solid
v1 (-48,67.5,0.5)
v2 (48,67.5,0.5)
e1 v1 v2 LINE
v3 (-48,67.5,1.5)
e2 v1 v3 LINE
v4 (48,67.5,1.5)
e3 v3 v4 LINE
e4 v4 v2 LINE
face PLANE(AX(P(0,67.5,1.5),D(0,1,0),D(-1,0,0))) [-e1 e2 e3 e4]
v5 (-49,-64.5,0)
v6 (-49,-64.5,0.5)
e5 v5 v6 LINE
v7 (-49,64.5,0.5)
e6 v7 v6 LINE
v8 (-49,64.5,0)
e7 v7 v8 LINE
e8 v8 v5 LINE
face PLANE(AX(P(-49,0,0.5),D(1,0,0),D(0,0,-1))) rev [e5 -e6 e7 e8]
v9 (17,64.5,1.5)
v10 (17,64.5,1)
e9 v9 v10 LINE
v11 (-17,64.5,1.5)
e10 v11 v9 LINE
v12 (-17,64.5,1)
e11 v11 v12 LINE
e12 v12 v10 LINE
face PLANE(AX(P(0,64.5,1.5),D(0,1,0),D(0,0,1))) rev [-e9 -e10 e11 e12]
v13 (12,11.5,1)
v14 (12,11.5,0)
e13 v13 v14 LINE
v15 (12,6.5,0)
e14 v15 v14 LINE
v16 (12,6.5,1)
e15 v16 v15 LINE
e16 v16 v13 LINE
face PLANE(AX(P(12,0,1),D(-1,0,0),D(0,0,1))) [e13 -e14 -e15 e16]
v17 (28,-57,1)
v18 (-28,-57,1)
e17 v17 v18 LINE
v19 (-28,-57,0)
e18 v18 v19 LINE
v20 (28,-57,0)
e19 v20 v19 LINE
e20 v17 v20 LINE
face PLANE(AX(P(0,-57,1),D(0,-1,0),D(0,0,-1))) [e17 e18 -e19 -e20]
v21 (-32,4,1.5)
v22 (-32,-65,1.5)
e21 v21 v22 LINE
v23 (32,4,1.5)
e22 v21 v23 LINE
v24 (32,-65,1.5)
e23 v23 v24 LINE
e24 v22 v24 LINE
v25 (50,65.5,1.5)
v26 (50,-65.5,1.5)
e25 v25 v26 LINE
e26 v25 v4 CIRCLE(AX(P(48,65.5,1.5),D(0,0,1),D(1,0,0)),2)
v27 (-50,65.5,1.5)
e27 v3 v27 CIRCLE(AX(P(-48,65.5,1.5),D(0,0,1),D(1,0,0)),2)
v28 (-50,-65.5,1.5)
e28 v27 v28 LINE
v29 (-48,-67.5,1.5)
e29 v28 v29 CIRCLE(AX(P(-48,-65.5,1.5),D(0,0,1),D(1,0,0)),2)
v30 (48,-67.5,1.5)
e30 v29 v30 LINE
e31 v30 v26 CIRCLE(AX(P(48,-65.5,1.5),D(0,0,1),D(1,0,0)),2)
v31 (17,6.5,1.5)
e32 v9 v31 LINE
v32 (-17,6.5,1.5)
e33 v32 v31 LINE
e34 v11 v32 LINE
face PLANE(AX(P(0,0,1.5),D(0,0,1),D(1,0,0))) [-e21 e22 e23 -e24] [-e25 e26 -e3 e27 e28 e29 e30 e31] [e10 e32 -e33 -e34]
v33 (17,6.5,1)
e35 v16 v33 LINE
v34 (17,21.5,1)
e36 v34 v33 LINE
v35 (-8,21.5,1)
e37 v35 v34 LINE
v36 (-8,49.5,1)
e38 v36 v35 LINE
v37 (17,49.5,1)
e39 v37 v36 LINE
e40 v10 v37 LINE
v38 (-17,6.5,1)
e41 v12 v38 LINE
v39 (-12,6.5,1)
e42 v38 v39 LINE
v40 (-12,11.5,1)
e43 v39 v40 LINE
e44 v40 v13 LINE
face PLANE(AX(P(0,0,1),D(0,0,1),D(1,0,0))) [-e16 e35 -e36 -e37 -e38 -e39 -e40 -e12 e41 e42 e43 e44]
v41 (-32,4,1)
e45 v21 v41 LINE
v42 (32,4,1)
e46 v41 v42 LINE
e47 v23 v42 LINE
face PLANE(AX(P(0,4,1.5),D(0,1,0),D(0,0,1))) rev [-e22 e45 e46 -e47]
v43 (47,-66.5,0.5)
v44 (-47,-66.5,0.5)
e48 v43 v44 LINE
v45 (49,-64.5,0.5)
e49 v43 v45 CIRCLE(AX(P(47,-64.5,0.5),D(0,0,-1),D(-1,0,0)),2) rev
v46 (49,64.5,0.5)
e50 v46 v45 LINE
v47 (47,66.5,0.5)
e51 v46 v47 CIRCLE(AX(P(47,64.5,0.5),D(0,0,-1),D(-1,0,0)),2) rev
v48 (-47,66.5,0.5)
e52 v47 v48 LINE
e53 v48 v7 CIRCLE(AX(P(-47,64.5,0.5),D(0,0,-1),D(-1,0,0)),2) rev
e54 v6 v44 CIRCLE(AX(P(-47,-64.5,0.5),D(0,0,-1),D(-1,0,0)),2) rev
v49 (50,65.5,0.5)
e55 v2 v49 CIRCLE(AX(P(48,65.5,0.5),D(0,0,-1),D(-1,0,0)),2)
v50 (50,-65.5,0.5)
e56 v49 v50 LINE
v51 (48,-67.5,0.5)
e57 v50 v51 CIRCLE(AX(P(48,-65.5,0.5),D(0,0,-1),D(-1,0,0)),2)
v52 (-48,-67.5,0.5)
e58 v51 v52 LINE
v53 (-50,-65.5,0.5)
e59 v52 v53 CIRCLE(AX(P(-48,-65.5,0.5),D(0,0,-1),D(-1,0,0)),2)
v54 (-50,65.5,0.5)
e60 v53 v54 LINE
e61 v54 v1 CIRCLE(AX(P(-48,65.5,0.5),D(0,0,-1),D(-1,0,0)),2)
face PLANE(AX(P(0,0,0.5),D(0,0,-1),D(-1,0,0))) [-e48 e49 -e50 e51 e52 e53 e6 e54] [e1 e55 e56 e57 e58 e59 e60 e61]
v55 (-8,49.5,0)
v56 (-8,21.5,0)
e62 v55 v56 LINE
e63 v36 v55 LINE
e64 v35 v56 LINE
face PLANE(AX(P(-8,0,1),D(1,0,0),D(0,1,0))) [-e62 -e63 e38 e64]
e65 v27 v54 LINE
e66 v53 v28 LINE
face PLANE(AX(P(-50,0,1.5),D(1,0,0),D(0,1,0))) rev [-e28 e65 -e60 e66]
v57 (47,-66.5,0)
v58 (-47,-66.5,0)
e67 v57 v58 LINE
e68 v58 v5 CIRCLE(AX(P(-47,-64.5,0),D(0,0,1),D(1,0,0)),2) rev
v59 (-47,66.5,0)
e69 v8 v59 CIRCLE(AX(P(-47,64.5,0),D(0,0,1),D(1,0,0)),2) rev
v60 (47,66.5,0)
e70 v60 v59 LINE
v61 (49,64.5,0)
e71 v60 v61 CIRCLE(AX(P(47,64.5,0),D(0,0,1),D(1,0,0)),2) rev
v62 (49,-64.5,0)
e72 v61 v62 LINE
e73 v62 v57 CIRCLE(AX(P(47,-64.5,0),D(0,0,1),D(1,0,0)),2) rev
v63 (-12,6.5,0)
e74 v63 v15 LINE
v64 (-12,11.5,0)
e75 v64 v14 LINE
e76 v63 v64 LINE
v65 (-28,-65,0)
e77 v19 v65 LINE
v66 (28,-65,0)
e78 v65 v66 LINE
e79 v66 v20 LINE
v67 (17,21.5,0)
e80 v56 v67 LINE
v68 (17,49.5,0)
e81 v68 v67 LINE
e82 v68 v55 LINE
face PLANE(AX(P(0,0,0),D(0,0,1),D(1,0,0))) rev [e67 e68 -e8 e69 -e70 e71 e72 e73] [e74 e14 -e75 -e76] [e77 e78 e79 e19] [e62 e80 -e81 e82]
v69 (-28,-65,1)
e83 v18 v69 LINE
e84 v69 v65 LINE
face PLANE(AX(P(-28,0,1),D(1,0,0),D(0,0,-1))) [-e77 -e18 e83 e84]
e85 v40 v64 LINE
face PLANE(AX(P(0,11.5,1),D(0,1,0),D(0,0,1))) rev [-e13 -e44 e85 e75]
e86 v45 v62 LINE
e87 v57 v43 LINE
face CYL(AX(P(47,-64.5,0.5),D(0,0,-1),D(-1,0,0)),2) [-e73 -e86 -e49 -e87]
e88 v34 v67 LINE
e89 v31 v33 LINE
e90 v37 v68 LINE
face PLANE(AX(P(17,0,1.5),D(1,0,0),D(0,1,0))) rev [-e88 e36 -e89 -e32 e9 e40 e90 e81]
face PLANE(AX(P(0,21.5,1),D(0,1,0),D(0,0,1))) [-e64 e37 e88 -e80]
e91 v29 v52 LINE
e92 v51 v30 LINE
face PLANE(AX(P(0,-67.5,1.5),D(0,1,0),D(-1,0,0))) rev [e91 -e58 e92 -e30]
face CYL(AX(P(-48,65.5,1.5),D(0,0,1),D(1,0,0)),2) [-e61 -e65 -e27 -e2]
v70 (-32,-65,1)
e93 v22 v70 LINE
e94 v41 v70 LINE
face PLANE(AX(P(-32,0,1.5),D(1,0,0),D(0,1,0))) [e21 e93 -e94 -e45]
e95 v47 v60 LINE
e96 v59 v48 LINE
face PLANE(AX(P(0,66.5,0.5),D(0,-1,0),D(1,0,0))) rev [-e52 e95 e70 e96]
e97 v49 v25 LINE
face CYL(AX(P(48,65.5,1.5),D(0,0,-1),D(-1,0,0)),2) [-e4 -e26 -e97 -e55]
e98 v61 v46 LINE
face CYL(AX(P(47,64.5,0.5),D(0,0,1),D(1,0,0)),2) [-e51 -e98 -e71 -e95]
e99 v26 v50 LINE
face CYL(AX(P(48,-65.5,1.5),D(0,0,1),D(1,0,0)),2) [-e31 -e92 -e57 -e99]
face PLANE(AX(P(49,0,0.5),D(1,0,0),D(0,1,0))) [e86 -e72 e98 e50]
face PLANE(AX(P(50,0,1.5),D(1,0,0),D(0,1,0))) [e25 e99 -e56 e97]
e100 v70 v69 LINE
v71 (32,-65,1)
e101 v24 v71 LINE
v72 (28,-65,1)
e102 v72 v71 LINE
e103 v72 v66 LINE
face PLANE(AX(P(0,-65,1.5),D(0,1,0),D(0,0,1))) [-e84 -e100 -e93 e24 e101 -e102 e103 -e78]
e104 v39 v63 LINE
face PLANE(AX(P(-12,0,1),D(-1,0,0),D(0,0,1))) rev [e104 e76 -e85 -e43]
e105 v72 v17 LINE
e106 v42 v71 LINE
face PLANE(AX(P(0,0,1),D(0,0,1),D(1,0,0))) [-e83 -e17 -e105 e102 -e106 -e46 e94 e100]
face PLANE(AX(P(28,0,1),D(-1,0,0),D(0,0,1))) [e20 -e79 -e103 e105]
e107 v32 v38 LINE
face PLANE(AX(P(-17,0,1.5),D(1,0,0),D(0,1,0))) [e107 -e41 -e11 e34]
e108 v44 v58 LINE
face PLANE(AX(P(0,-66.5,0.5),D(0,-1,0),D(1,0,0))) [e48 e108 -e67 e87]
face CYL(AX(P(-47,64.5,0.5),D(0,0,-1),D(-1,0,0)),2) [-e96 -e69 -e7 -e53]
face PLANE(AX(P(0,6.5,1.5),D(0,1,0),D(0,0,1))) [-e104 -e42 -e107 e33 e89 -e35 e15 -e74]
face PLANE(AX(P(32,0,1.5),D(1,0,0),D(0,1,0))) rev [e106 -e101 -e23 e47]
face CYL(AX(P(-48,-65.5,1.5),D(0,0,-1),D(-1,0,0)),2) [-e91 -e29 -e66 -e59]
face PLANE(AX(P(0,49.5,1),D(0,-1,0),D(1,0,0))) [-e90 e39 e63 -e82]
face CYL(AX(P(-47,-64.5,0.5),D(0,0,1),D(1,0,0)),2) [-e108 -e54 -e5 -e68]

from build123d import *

# Parameters (mm, degrees)
BOSS_EXTRUDE2_DEPTH = 1.5
BOSS_EXTRUDE3_DEPTH = 1
FILLET1_R           = 2
CUT_EXTRUDE1_START  = -0.5
SKETCH2_W           = 98
SKETCH2_H           = 133
CUT_EXTRUDE1_DEPTH  = 0.5
FILLET2_R           = 2


with BuildPart() as part:
    # Sketch1 → Boss-Extrude2 (new body)
    with BuildSketch(Plane.XY):
        Polygon((-50, -67.5), (0, -67.5), (50, -67.5), (50, 67.5), (0, 67.5), (-50, 67.5), align=None)
        Polygon((28, -65), (0, -65), (-28, -65), (-32, -65), (-32, 4), (32, 4), (32, -65), align=None, mode=Mode.SUBTRACT)
        Polygon((-17, 64.5), (0, 64.5), (17, 64.5), (17, 49.5), (17, 21.5), (17, 6.5), (12, 6.5), (0, 6.5), (-12, 6.5), (-17, 6.5), align=None, mode=Mode.SUBTRACT)
    extrude(amount=BOSS_EXTRUDE2_DEPTH)

    # Sketch1<5> → Boss-Extrude3 (add)
    with BuildSketch(Plane.XY):
        Polygon((17, 64.5), (-17, 64.5), (-17, 6.5), (-12, 6.5), (-12, 11.5), (12, 11.5), (12, 6.5), (17, 6.5), (17, 21.5), (-8, 21.5), (-8, 49.5), (17, 49.5), align=None)
        Polygon((-28, -57), (0, -57), (28, -57), (28, -65), (32, -65), (32, 4), (-32, 4), (-32, -65), (-28, -65), align=None)
    extrude(amount=BOSS_EXTRUDE3_DEPTH)

    # Fillet1
    fillet1_edges = [part.edges().sort_by_distance(p)[0] for p in [
        (50, 67.5, 0.75),
        (-50, 67.5, 0.75),
        (50, -67.5, 0.75),
        (-50, -67.5, 0.75),
    ]]
    fillet(fillet1_edges, radius=FILLET1_R)

    # Sketch2 → Cut-Extrude1 (cut)
    with BuildSketch(Plane(origin=(0, 0, 0), x_dir=(-1, 0, 0), z_dir=(0, 0, -1)).offset(CUT_EXTRUDE1_START)):
        with BuildLine():
            Line((-48, -67.5), (48, -67.5))
            ThreePointArc((48, -67.5), (49.414213562, -66.914213562), (50, -65.5))
            Line((50, -65.5), (50, 65.5))
            ThreePointArc((50, 65.5), (49.414213562, 66.914213562), (48, 67.5))
            Line((48, 67.5), (-48, 67.5))
            ThreePointArc((-48, 67.5), (-49.414213562, 66.914213562), (-50, 65.5))
            Line((-50, 65.5), (-50, -65.5))
            ThreePointArc((-50, -65.5), (-49.414213562, -66.914213562), (-48, -67.5))
        make_face()
        Rectangle(SKETCH2_W, SKETCH2_H, mode=Mode.SUBTRACT)
    extrude(amount=CUT_EXTRUDE1_DEPTH, mode=Mode.SUBTRACT)

    # Fillet2
    fillet2_edges = [part.edges().sort_by_distance(p)[0] for p in [
        (49, -66.5, 0.25),
        (-49, -66.5, 0.25),
        (-49, 66.5, 0.25),
        (49, 66.5, 0.25),
    ]]
    fillet(fillet2_edges, radius=FILLET2_R)


solid = part.part
